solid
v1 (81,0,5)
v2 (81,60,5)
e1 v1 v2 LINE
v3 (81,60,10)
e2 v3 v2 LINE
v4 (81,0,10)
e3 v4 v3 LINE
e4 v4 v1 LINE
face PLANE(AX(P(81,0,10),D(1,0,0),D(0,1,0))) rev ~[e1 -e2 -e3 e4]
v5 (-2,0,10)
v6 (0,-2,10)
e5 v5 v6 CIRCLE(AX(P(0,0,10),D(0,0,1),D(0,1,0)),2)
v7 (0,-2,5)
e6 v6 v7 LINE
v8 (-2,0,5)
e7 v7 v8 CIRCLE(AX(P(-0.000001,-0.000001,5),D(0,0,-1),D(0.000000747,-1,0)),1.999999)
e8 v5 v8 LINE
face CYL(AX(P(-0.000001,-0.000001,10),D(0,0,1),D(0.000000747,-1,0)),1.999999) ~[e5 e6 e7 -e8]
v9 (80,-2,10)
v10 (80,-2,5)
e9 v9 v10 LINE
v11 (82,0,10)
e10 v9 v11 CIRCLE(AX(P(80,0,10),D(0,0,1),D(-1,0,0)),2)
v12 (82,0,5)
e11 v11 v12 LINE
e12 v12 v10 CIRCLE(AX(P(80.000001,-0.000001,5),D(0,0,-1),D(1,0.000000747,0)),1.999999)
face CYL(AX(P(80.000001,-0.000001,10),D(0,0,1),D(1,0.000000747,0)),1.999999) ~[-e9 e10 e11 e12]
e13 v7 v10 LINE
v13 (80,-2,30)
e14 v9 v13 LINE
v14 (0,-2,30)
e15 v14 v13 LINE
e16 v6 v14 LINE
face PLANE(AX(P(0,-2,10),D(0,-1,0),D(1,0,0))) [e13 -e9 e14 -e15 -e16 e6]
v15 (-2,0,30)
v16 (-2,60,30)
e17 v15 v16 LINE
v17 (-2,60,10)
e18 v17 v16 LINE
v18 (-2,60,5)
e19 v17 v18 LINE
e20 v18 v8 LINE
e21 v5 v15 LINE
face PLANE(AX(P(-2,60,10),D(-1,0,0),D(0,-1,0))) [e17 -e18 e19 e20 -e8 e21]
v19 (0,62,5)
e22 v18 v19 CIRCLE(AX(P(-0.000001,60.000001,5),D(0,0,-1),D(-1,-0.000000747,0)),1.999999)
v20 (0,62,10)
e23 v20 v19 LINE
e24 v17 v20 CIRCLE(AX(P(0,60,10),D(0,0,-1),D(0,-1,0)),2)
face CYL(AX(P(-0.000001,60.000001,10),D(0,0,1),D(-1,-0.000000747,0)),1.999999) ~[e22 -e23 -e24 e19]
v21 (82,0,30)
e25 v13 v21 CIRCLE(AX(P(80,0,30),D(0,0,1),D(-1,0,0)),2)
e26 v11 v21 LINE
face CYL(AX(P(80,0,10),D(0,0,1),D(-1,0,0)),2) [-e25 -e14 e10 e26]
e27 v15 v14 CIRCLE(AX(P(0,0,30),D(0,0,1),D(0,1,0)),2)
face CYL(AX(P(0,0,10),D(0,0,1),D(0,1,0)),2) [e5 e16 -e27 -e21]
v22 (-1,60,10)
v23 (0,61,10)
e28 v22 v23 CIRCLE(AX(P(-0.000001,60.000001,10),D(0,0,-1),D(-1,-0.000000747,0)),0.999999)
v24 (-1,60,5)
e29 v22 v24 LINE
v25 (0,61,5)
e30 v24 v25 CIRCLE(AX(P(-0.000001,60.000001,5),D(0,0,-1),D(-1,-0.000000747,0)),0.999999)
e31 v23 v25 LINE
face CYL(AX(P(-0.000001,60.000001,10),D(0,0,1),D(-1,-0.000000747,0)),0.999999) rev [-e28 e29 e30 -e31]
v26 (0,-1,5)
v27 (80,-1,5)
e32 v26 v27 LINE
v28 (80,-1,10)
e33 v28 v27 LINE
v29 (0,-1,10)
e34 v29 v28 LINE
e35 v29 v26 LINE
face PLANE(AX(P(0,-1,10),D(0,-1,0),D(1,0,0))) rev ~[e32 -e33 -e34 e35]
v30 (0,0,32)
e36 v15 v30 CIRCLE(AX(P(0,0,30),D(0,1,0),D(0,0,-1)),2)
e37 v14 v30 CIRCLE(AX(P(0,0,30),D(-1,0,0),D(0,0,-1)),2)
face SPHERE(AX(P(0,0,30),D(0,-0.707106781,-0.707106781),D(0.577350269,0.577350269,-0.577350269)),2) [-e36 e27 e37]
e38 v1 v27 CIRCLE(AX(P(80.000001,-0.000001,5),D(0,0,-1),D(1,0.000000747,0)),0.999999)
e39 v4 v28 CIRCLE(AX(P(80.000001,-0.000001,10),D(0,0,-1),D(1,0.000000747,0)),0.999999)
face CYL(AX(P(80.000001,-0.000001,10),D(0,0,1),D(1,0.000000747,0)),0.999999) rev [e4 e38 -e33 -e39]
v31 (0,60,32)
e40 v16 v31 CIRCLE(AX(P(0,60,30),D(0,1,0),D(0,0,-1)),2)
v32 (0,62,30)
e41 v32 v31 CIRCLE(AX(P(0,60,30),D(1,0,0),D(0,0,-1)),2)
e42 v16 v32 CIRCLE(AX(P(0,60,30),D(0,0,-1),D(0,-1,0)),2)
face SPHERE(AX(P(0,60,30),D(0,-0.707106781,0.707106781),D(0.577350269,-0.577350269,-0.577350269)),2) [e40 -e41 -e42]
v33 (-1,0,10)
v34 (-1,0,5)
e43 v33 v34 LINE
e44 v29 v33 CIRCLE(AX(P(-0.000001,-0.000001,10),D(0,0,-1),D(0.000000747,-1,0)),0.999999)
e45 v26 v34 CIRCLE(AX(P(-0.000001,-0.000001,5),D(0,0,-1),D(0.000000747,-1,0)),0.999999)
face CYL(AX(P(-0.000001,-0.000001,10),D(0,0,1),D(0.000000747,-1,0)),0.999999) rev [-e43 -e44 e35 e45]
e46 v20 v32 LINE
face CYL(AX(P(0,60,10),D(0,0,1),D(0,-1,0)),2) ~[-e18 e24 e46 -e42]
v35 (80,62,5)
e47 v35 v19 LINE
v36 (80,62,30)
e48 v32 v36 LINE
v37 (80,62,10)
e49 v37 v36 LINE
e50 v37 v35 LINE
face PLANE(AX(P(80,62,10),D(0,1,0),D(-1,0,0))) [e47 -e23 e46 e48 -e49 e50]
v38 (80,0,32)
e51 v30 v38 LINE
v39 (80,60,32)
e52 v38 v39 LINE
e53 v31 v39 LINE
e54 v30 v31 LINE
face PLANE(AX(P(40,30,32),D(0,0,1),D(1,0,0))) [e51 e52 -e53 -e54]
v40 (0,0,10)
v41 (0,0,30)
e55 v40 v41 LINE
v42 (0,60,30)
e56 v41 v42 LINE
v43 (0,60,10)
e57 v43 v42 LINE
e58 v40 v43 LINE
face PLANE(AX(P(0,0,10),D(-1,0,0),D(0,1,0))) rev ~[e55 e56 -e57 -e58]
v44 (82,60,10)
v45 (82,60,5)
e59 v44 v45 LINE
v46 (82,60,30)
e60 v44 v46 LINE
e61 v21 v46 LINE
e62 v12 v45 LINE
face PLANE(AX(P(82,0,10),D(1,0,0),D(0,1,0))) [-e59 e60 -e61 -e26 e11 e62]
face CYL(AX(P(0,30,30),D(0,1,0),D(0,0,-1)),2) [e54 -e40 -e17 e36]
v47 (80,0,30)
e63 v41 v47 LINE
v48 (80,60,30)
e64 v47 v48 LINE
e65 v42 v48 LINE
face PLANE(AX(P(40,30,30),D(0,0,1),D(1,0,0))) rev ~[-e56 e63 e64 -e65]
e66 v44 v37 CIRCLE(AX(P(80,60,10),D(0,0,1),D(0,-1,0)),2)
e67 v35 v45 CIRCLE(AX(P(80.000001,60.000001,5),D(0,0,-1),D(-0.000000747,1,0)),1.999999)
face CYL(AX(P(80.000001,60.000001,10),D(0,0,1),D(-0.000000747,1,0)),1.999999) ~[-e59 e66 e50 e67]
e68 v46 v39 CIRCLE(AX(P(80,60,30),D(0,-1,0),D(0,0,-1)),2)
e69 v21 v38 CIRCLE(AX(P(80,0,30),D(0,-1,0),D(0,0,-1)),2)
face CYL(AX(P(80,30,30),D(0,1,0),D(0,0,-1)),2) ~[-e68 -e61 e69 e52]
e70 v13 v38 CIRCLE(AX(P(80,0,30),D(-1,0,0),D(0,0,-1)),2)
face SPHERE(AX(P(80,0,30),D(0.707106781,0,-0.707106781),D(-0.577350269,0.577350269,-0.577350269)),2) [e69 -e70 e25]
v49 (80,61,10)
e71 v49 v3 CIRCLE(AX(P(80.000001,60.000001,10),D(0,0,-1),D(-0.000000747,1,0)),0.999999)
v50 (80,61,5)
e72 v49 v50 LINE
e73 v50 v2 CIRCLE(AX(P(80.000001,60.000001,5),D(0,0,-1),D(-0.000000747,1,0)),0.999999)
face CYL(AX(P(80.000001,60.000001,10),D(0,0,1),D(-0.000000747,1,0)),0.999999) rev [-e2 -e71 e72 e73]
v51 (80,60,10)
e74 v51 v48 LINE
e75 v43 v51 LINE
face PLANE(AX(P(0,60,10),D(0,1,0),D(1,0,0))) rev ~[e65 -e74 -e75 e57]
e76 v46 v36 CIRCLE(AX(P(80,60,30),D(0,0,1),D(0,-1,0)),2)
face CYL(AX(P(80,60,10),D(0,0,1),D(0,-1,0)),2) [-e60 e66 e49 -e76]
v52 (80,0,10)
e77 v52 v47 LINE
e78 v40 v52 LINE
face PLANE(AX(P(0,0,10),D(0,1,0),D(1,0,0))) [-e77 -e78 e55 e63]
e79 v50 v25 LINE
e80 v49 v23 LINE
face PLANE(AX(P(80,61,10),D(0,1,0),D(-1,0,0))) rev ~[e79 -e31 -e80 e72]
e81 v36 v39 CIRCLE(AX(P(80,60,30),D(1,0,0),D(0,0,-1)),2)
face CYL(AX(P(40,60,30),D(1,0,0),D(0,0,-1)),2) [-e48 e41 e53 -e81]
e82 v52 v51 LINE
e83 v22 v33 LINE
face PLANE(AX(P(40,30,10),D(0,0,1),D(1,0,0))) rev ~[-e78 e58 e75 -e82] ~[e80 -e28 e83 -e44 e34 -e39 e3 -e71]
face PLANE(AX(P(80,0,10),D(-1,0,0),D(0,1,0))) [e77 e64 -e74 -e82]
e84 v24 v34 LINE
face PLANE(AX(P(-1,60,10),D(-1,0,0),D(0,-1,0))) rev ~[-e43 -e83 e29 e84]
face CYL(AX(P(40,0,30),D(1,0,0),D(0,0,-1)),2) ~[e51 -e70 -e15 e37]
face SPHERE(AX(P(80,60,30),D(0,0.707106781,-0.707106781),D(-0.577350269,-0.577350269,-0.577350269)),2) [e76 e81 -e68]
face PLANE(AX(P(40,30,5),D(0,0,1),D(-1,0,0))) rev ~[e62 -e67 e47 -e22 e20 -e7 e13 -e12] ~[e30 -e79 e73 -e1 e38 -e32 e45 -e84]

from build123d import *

# Parameters (mm, degrees)
BOX001_W       = 80
BOX001_H       = 60
BOX001_DEPTH   = 20
THICKNESS001_T = 2
PAD001_DEPTH   = 5


with BuildPart() as part:
    # Box001 → Box001 (new body)
    with BuildSketch(Plane.XY.offset(10)):
        with Locations((40, 30)):
            Rectangle(BOX001_W, BOX001_H)
    extrude(amount=BOX001_DEPTH)

    # Thickness001
    thickness001_openings = [part.faces().sort_by_distance(p)[0] for p in [
        (40, 30, 10),
    ]]
    offset(amount=THICKNESS001_T, openings=thickness001_openings)

    # Sketch005 → Pad001 (new body)
    with BuildSketch(Plane(origin=(0, 0, 10), x_dir=(1, 0, 0), z_dir=(0, 0, -1))):
        with BuildLine():
            Line((0, 2), (80, 2))
            ThreePointArc((82, 0), (81.414214, 1.414214), (80, 2))
            Line((82, 0), (82, -60))
            ThreePointArc((80, -62), (81.414214, -61.414214), (82, -60))
            Line((80, -62), (0, -62))
            ThreePointArc((-2, -60), (-1.414214, -61.414214), (0, -62))
            Line((-2, -60), (-2, 0))
            ThreePointArc((0, 2), (-1.414214, 1.414214), (-2, 0))
        make_face()
        with BuildLine():
            Line((0, 1), (80, 1))
            ThreePointArc((81, 0), (80.707107, 0.707107), (80, 1))
            Line((81, 0), (81, -60))
            ThreePointArc((80, -61), (80.707107, -60.707107), (81, -60))
            Line((80, -61), (0, -61))
            ThreePointArc((-1, -60), (-0.707107, -60.707107), (0, -61))
            Line((-1, -60), (-1, 0))
            ThreePointArc((0, 1), (-0.707107, 0.707107), (-1, 0))
        make_face(mode=Mode.SUBTRACT)
    extrude(amount=PAD001_DEPTH)


solid = part.part
